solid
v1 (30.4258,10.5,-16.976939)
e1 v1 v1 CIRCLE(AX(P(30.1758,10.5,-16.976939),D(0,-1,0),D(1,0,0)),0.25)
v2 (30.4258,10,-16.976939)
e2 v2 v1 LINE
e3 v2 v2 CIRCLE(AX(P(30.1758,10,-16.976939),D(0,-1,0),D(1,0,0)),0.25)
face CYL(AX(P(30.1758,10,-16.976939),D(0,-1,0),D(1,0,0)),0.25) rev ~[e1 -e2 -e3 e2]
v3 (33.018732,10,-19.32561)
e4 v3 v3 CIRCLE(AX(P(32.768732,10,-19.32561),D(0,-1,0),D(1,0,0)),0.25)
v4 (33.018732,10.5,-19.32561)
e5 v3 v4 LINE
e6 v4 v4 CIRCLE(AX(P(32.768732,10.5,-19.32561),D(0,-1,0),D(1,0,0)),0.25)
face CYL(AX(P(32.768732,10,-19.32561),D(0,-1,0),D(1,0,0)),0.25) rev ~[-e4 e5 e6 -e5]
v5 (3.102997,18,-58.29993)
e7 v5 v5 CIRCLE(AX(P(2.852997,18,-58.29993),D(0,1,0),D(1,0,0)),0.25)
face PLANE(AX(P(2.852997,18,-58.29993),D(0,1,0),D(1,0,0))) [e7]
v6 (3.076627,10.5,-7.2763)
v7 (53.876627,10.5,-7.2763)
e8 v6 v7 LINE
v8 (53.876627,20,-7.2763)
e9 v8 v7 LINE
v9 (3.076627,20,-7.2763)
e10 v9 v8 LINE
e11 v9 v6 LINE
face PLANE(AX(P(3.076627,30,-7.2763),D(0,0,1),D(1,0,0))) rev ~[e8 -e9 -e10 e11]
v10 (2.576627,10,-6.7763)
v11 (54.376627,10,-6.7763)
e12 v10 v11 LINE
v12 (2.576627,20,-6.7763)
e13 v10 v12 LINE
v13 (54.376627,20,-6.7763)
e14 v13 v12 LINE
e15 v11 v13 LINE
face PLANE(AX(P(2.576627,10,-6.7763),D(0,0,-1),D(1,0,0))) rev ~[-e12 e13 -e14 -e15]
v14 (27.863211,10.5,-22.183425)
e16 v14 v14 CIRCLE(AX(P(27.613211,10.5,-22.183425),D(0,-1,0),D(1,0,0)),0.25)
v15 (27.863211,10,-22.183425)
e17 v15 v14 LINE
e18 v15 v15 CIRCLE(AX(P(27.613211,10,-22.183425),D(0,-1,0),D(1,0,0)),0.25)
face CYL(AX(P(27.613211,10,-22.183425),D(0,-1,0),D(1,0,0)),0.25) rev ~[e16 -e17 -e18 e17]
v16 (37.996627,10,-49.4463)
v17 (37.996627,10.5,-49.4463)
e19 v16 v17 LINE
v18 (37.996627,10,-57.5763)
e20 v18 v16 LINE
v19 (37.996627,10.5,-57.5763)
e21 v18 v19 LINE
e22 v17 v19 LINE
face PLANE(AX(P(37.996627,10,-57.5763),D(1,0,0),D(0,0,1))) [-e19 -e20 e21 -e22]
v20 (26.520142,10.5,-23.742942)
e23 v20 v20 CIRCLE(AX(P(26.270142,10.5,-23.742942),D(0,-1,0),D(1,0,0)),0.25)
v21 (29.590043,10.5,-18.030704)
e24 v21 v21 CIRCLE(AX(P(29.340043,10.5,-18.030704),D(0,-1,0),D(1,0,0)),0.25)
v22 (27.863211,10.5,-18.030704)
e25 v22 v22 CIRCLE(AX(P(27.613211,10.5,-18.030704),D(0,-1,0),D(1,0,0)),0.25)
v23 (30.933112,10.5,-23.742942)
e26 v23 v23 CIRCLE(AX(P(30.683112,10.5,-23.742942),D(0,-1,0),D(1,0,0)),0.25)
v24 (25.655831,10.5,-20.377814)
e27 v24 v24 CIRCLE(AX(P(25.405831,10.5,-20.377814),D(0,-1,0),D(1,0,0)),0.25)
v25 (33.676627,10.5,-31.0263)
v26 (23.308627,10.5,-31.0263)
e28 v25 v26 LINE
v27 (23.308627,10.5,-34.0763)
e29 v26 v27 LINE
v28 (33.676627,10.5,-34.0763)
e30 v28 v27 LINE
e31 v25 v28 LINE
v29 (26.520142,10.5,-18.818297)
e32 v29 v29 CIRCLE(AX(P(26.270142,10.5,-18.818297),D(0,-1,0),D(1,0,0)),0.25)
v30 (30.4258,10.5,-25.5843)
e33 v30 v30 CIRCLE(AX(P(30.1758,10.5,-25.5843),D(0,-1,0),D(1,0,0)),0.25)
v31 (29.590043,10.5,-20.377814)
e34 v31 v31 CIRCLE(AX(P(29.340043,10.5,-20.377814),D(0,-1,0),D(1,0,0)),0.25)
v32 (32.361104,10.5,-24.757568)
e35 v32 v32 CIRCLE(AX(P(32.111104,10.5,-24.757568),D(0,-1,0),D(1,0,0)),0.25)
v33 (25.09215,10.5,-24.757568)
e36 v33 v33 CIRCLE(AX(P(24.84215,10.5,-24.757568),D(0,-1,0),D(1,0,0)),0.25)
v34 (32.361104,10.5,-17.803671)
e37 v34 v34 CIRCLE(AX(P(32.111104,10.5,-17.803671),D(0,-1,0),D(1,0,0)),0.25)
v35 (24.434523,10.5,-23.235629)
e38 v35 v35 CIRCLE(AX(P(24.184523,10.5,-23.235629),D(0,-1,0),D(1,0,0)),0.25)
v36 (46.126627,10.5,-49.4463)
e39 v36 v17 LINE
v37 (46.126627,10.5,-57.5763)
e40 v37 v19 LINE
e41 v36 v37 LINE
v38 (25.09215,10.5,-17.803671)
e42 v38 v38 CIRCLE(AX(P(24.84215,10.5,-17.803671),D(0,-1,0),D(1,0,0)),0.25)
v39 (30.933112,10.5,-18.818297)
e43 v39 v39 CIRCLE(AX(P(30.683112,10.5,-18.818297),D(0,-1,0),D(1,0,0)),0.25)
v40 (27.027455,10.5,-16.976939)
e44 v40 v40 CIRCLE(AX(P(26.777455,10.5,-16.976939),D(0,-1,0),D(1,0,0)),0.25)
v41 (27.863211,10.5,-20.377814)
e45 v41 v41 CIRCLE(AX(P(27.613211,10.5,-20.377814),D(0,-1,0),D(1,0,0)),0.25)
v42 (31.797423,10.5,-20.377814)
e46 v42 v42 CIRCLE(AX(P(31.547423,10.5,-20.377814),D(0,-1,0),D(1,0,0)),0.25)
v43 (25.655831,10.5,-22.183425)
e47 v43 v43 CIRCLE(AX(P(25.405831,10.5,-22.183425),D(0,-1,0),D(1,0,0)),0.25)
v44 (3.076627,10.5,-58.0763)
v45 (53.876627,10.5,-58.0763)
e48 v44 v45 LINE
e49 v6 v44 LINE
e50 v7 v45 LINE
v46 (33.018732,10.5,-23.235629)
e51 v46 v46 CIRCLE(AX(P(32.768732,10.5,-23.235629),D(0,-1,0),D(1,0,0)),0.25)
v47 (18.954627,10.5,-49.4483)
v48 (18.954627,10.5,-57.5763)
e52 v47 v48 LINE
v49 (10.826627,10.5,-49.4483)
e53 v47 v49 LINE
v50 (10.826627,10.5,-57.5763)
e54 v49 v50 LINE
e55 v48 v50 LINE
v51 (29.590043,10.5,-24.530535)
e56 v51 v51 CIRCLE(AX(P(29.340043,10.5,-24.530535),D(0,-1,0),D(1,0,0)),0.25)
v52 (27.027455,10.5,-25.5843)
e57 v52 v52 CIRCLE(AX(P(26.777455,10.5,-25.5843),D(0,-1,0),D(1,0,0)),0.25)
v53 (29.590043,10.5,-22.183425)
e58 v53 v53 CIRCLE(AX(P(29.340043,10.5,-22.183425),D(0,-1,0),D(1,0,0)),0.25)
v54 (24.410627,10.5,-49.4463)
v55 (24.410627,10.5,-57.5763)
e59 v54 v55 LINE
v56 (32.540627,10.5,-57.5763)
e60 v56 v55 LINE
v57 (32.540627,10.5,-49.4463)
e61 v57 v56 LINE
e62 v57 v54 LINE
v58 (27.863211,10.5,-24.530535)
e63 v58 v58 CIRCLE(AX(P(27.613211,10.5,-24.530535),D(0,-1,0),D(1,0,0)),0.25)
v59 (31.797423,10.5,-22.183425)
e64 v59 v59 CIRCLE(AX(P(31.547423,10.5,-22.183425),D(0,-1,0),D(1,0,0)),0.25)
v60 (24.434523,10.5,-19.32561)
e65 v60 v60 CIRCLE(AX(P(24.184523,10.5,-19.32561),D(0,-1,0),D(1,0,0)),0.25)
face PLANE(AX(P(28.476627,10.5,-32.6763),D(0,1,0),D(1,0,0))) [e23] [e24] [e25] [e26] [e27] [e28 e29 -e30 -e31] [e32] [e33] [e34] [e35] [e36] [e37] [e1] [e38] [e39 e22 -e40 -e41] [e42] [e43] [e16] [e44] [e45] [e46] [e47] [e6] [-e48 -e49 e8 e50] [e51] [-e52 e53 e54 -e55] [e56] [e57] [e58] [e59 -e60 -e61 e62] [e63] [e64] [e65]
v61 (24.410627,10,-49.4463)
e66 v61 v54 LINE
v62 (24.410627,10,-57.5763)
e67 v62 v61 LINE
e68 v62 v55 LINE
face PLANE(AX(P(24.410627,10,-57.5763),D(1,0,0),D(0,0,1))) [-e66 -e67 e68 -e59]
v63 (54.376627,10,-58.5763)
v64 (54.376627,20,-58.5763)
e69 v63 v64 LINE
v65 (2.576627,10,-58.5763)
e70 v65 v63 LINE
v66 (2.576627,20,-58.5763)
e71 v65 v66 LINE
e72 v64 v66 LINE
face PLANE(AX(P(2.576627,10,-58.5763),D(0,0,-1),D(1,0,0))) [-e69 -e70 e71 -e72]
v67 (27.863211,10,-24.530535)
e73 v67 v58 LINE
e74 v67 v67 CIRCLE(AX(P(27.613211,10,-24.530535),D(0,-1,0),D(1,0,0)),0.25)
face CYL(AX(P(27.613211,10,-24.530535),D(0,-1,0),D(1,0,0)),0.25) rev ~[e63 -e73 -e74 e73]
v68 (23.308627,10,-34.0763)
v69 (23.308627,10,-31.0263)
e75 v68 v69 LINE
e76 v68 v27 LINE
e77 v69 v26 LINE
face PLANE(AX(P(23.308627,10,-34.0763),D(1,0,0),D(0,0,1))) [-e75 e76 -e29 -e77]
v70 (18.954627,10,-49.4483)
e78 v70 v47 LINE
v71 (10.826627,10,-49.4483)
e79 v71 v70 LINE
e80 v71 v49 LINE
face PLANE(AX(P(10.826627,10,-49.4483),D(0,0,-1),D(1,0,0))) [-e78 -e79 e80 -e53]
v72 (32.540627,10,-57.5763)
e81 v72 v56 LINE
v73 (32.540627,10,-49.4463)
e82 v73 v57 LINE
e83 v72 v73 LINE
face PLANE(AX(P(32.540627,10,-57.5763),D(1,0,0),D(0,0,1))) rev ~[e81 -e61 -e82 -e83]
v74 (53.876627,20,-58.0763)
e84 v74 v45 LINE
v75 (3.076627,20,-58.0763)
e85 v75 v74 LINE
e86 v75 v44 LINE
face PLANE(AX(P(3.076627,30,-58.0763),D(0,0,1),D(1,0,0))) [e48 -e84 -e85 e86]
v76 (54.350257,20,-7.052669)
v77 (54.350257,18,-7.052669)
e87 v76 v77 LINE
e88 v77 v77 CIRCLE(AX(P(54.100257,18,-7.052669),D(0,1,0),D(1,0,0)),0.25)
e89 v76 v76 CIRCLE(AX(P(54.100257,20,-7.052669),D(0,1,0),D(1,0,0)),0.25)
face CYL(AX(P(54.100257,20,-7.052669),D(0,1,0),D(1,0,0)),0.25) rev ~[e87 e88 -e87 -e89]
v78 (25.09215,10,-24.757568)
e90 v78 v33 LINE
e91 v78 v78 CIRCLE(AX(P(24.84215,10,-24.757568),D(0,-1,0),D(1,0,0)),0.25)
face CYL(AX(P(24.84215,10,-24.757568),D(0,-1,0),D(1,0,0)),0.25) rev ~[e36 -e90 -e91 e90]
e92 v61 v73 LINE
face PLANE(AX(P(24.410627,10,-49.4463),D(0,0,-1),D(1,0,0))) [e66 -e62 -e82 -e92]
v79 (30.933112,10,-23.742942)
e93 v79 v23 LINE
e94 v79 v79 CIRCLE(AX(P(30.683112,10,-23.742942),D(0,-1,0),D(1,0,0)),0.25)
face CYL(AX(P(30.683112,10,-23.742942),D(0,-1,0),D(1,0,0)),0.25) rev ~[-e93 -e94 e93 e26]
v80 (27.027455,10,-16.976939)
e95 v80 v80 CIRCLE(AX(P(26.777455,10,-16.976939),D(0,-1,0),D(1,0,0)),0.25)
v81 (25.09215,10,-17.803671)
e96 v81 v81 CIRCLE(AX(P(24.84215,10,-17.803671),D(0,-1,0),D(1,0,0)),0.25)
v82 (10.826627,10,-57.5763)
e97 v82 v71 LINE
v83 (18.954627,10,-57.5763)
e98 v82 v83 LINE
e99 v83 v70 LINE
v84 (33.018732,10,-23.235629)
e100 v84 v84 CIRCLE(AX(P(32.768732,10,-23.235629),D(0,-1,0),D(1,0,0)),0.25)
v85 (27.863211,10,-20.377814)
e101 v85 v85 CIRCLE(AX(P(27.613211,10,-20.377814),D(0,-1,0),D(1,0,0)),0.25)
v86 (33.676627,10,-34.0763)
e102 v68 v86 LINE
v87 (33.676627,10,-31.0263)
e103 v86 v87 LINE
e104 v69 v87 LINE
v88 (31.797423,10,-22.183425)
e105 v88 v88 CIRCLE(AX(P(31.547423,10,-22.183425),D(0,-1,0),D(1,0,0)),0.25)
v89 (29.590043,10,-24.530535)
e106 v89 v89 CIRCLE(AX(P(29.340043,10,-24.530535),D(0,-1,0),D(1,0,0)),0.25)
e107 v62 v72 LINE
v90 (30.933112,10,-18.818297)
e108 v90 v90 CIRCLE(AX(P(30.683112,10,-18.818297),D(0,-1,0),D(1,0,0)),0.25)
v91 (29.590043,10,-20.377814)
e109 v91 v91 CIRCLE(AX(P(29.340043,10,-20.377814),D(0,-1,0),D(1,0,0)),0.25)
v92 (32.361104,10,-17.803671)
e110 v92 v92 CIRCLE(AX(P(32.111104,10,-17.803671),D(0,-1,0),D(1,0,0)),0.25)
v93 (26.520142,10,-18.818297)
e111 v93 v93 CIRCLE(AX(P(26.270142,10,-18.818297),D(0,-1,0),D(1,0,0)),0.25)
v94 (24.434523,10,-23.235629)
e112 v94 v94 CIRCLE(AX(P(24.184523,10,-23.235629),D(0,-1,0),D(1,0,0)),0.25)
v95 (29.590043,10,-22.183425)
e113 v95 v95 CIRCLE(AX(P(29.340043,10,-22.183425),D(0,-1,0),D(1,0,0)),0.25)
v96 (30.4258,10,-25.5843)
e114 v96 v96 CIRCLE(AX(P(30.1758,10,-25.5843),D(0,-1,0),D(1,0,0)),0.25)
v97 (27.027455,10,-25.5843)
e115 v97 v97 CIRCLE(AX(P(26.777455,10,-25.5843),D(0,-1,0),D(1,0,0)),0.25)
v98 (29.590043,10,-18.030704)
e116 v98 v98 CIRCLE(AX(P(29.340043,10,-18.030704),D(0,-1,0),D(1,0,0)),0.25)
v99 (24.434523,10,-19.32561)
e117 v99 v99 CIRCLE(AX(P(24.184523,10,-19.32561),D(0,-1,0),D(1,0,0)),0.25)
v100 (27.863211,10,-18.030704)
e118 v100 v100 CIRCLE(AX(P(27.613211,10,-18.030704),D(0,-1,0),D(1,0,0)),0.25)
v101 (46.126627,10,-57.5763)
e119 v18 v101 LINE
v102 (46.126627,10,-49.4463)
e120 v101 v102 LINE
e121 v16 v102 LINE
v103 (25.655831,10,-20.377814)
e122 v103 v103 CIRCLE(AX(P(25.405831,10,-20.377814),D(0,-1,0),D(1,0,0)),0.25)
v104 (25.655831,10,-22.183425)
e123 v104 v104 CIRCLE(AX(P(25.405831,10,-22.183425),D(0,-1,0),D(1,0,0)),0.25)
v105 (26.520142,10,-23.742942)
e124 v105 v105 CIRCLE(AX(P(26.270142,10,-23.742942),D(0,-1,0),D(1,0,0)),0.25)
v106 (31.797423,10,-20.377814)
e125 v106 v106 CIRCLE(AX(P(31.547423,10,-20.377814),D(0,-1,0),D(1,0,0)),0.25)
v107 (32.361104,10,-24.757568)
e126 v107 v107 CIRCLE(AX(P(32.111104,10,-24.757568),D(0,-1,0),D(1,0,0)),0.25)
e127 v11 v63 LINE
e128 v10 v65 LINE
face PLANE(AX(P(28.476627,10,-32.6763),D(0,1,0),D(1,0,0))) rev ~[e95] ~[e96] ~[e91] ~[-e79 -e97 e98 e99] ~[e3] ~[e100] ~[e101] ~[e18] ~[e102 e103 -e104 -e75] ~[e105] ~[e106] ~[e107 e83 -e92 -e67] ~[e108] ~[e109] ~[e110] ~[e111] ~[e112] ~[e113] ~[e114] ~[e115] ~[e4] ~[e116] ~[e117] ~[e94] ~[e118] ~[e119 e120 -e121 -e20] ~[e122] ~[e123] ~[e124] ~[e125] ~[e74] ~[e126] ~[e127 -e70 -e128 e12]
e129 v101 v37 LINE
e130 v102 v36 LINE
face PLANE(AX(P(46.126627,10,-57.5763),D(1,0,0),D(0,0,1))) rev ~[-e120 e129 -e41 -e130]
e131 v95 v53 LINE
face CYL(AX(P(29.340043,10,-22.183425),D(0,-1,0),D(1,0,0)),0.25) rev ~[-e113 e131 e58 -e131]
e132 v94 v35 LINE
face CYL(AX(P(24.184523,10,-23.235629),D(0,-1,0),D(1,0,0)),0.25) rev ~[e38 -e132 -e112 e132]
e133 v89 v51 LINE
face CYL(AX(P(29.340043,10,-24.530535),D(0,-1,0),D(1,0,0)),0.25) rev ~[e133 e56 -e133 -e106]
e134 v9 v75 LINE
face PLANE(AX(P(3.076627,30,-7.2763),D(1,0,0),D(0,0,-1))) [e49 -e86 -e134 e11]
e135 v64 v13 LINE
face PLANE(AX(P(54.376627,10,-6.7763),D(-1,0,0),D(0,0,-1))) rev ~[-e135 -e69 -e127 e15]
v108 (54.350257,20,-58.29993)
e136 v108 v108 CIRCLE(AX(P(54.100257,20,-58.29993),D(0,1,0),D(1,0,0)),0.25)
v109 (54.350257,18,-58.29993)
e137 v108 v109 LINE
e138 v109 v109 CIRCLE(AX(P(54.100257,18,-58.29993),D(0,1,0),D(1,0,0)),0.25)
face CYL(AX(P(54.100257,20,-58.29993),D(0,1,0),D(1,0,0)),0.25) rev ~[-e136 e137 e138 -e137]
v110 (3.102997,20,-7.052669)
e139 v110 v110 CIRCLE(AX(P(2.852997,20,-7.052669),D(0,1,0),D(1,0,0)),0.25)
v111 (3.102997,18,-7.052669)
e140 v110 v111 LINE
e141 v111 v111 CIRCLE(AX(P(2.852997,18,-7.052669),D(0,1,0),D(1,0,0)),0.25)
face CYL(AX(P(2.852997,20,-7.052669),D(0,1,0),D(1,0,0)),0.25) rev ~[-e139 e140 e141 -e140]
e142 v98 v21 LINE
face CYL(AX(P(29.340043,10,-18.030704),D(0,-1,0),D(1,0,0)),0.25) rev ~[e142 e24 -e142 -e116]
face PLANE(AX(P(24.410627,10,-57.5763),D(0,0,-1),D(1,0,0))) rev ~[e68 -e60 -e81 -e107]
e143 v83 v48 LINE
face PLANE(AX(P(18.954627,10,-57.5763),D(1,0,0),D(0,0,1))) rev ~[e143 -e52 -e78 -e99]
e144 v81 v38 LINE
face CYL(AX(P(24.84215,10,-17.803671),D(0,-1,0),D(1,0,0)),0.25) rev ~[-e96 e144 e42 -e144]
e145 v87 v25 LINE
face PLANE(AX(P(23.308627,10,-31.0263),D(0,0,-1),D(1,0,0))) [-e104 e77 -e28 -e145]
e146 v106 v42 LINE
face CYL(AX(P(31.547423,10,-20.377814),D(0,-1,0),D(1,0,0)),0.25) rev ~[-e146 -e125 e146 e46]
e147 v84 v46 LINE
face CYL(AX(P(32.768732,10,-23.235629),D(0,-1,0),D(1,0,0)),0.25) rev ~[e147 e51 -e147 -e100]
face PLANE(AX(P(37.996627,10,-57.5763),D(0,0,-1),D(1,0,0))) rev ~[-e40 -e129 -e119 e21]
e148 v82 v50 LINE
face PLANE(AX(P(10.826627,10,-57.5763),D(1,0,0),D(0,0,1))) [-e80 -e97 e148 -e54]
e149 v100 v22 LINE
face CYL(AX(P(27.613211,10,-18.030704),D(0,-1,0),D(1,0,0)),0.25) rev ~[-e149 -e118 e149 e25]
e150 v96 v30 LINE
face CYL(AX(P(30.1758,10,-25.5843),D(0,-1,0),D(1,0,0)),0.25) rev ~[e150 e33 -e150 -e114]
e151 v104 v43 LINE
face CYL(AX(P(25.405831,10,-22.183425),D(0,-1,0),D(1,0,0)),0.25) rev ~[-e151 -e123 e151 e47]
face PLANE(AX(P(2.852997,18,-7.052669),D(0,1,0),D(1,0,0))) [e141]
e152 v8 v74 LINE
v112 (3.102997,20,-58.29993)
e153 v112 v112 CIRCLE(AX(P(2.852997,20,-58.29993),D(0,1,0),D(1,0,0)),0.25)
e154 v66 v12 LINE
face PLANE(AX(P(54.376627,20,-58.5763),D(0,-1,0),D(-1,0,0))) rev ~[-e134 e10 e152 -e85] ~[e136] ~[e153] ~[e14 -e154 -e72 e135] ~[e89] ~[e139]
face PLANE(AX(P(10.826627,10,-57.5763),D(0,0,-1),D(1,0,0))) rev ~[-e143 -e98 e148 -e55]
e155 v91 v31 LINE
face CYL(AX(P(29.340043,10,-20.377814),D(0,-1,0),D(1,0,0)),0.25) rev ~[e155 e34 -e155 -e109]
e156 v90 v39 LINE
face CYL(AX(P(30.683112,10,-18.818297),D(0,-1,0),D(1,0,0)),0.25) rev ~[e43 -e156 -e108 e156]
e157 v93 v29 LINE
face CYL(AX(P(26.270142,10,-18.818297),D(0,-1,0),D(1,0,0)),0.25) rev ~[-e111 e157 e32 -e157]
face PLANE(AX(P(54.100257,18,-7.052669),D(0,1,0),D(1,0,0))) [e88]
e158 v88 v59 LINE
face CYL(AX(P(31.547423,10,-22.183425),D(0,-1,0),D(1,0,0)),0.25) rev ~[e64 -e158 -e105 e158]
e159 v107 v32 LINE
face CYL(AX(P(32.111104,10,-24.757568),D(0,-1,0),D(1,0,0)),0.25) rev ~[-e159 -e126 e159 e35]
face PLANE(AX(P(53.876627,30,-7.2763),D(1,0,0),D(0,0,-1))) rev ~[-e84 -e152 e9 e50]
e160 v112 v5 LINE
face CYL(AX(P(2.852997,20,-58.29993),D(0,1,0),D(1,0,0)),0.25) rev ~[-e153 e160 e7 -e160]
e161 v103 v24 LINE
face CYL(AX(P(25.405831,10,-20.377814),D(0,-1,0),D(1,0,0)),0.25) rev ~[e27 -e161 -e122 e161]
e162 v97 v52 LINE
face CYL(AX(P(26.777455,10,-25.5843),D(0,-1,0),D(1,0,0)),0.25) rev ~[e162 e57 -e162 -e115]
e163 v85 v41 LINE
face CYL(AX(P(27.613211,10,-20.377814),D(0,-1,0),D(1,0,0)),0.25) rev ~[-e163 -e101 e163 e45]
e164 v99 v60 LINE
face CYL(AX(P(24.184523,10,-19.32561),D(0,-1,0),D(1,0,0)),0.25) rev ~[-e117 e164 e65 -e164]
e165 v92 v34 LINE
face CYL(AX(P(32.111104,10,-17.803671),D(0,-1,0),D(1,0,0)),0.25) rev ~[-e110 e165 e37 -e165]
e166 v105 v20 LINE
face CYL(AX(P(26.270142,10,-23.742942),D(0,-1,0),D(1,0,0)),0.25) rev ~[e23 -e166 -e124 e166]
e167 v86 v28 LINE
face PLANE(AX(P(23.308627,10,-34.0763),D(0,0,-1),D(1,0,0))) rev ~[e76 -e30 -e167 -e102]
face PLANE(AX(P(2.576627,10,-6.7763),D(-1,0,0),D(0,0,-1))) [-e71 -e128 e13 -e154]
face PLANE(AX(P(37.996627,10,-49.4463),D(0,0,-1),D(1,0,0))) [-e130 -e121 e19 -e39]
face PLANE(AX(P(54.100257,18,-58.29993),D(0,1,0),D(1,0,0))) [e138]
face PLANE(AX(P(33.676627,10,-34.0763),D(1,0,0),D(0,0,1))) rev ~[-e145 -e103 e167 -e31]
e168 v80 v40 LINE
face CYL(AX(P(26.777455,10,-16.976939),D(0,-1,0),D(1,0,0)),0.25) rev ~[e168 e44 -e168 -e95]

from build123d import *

# Parameters (mm, degrees)
SKETCH2_W           = 51.8
SKETCH2_H           = 51.8
BOSS_EXTRUDE1_DEPTH = 20
SKETCH3_W           = 50.8
SKETCH3_H           = 50.8
CUT_EXTRUDE1_DEPTH  = 19.5
SKETCH4_W           = 8.13
SKETCH4_H           = 8.13
SKETCH4_W_2         = 8.128
SKETCH4_H_2         = 8.128
SKETCH4_W_3         = 10.368
SKETCH4_H_3         = 3.05
SKETCH4_R           = 0.25
CUT_EXTRUDE2_DEPTH  = 21
SKETCH4_3_R         = 0.25
CUT_EXTRUDE3_DEPTH  = 19.5
SKETCH5_W           = 51.8
SKETCH5_H           = 10
CUT_EXTRUDE4_DEPTH  = 52.8
SKETCH6_R           = 0.25
CUT_EXTRUDE8_DEPTH  = 2


with BuildPart() as part:
    # Sketch2 → Boss-Extrude1 (new body)
    with BuildSketch(Plane(origin=(0, 10, 0), x_dir=(1, 0, 0), z_dir=(0, 1, 0))):
        with Locations((28.476627116, 32.676299595)):
            Rectangle(SKETCH2_W, SKETCH2_H)
    extrude(amount=BOSS_EXTRUDE1_DEPTH)

    # Sketch3 → Cut-Extrude1 (cut)
    with BuildSketch(Plane(origin=(0, 30, 0), x_dir=(1, 0, 0), z_dir=(0, 1, 0))):
        with Locations((28.476627116, 32.676299595)):
            Rectangle(SKETCH3_W, SKETCH3_H)
    extrude(amount=-CUT_EXTRUDE1_DEPTH, mode=Mode.SUBTRACT)

    # Sketch4 → Cut-Extrude2 (cut, through all)
    with BuildSketch(Plane.XZ.offset(-10)):
        with Locations((42.061627116, -53.511299595)):
            Rectangle(SKETCH4_W, SKETCH4_H)
        with Locations((28.475627116, -53.511299595)):
            Rectangle(SKETCH4_W, SKETCH4_H)
        with Locations((14.890627116, -53.512299595)):
            Rectangle(SKETCH4_W_2, SKETCH4_H_2)
        with Locations((28.492627116, -32.551299595)):
            Rectangle(SKETCH4_W_3, SKETCH4_H_3)
        with Locations((32.768731714, -23.235629349)):
            Circle(SKETCH4_R)
        with Locations((32.111104012, -24.757567746)):
            Circle(SKETCH4_R)
        with Locations((30.175799631, -25.584299714)):
            Circle(SKETCH4_R)
        with Locations((30.68311243, -23.742942148)):
            Circle(SKETCH4_R)
        with Locations((29.340042817, -24.53053501)):
            Circle(SKETCH4_R)
        with Locations((27.613211416, -24.53053501)):
            Circle(SKETCH4_R)
        with Locations((26.777454602, -25.584299714)):
            Circle(SKETCH4_R)
        with Locations((29.340042817, -20.377813869)):
            Circle(SKETCH4_R)
        with Locations((31.547423124, -20.377813869)):
            Circle(SKETCH4_R)
        with Locations((31.547423124, -22.183425025)):
            Circle(SKETCH4_R)
        with Locations((26.270141803, -23.742942148)):
            Circle(SKETCH4_R)
        with Locations((24.842150221, -24.757567746)):
            Circle(SKETCH4_R)
        with Locations((24.184522519, -23.235629349)):
            Circle(SKETCH4_R)
        with Locations((25.405831109, -22.183425025)):
            Circle(SKETCH4_R)
        with Locations((25.405831109, -20.377813869)):
            Circle(SKETCH4_R)
        with Locations((27.613211416, -22.183425025)):
            Circle(SKETCH4_R)
        with Locations((29.340042817, -22.183425025)):
            Circle(SKETCH4_R)
        with Locations((30.68311243, -18.818296747)):
            Circle(SKETCH4_R)
        with Locations((32.111104012, -17.803671149)):
            Circle(SKETCH4_R)
        with Locations((29.340042817, -18.030703885)):
            Circle(SKETCH4_R)
        with Locations((30.175799631, -16.97693918)):
            Circle(SKETCH4_R)
        with Locations((26.777454602, -16.97693918)):
            Circle(SKETCH4_R)
        with Locations((27.613211416, -18.030703885)):
            Circle(SKETCH4_R)
        with Locations((26.270141803, -18.818296747)):
            Circle(SKETCH4_R)
        with Locations((24.842150221, -17.803671149)):
            Circle(SKETCH4_R)
        with Locations((24.184522519, -19.325609546)):
            Circle(SKETCH4_R)
    extrude(amount=-CUT_EXTRUDE2_DEPTH, mode=Mode.SUBTRACT)

    # Sketch4<3> → Cut-Extrude3 (cut)
    with BuildSketch(Plane.XZ.offset(-10)):
        with Locations((32.768731714, -19.325609546)):
            Circle(SKETCH4_3_R)
        with Locations((27.613211416, -20.377813869)):
            Circle(SKETCH4_3_R)
    extrude(amount=-CUT_EXTRUDE3_DEPTH, mode=Mode.SUBTRACT)

    # Sketch5 → Cut-Extrude4 (cut, through all)
    with BuildSketch(Plane(origin=(0, 0, -58.576299595), x_dir=(-1, 0, 0), z_dir=(0, 0, -1))):
        with Locations((-28.476627116, 25)):
            Rectangle(SKETCH5_W, SKETCH5_H)
    extrude(amount=-CUT_EXTRUDE4_DEPTH, mode=Mode.SUBTRACT)

    # Sketch6 → Cut-Extrude8 (cut)
    with BuildSketch(Plane(origin=(0, 20, 0), x_dir=(1, 0, 0), z_dir=(0, 1, 0))):
        with Locations((2.852996887, 58.299929824)):
            Circle(SKETCH6_R)
        with Locations((54.100257345, 58.299929824)):
            Circle(SKETCH6_R)
        with Locations((54.100257345, 7.052669366)):
            Circle(SKETCH6_R)
        with Locations((2.852996887, 7.052669366)):
            Circle(SKETCH6_R)
    extrude(amount=-CUT_EXTRUDE8_DEPTH, mode=Mode.SUBTRACT)


solid = part.part
